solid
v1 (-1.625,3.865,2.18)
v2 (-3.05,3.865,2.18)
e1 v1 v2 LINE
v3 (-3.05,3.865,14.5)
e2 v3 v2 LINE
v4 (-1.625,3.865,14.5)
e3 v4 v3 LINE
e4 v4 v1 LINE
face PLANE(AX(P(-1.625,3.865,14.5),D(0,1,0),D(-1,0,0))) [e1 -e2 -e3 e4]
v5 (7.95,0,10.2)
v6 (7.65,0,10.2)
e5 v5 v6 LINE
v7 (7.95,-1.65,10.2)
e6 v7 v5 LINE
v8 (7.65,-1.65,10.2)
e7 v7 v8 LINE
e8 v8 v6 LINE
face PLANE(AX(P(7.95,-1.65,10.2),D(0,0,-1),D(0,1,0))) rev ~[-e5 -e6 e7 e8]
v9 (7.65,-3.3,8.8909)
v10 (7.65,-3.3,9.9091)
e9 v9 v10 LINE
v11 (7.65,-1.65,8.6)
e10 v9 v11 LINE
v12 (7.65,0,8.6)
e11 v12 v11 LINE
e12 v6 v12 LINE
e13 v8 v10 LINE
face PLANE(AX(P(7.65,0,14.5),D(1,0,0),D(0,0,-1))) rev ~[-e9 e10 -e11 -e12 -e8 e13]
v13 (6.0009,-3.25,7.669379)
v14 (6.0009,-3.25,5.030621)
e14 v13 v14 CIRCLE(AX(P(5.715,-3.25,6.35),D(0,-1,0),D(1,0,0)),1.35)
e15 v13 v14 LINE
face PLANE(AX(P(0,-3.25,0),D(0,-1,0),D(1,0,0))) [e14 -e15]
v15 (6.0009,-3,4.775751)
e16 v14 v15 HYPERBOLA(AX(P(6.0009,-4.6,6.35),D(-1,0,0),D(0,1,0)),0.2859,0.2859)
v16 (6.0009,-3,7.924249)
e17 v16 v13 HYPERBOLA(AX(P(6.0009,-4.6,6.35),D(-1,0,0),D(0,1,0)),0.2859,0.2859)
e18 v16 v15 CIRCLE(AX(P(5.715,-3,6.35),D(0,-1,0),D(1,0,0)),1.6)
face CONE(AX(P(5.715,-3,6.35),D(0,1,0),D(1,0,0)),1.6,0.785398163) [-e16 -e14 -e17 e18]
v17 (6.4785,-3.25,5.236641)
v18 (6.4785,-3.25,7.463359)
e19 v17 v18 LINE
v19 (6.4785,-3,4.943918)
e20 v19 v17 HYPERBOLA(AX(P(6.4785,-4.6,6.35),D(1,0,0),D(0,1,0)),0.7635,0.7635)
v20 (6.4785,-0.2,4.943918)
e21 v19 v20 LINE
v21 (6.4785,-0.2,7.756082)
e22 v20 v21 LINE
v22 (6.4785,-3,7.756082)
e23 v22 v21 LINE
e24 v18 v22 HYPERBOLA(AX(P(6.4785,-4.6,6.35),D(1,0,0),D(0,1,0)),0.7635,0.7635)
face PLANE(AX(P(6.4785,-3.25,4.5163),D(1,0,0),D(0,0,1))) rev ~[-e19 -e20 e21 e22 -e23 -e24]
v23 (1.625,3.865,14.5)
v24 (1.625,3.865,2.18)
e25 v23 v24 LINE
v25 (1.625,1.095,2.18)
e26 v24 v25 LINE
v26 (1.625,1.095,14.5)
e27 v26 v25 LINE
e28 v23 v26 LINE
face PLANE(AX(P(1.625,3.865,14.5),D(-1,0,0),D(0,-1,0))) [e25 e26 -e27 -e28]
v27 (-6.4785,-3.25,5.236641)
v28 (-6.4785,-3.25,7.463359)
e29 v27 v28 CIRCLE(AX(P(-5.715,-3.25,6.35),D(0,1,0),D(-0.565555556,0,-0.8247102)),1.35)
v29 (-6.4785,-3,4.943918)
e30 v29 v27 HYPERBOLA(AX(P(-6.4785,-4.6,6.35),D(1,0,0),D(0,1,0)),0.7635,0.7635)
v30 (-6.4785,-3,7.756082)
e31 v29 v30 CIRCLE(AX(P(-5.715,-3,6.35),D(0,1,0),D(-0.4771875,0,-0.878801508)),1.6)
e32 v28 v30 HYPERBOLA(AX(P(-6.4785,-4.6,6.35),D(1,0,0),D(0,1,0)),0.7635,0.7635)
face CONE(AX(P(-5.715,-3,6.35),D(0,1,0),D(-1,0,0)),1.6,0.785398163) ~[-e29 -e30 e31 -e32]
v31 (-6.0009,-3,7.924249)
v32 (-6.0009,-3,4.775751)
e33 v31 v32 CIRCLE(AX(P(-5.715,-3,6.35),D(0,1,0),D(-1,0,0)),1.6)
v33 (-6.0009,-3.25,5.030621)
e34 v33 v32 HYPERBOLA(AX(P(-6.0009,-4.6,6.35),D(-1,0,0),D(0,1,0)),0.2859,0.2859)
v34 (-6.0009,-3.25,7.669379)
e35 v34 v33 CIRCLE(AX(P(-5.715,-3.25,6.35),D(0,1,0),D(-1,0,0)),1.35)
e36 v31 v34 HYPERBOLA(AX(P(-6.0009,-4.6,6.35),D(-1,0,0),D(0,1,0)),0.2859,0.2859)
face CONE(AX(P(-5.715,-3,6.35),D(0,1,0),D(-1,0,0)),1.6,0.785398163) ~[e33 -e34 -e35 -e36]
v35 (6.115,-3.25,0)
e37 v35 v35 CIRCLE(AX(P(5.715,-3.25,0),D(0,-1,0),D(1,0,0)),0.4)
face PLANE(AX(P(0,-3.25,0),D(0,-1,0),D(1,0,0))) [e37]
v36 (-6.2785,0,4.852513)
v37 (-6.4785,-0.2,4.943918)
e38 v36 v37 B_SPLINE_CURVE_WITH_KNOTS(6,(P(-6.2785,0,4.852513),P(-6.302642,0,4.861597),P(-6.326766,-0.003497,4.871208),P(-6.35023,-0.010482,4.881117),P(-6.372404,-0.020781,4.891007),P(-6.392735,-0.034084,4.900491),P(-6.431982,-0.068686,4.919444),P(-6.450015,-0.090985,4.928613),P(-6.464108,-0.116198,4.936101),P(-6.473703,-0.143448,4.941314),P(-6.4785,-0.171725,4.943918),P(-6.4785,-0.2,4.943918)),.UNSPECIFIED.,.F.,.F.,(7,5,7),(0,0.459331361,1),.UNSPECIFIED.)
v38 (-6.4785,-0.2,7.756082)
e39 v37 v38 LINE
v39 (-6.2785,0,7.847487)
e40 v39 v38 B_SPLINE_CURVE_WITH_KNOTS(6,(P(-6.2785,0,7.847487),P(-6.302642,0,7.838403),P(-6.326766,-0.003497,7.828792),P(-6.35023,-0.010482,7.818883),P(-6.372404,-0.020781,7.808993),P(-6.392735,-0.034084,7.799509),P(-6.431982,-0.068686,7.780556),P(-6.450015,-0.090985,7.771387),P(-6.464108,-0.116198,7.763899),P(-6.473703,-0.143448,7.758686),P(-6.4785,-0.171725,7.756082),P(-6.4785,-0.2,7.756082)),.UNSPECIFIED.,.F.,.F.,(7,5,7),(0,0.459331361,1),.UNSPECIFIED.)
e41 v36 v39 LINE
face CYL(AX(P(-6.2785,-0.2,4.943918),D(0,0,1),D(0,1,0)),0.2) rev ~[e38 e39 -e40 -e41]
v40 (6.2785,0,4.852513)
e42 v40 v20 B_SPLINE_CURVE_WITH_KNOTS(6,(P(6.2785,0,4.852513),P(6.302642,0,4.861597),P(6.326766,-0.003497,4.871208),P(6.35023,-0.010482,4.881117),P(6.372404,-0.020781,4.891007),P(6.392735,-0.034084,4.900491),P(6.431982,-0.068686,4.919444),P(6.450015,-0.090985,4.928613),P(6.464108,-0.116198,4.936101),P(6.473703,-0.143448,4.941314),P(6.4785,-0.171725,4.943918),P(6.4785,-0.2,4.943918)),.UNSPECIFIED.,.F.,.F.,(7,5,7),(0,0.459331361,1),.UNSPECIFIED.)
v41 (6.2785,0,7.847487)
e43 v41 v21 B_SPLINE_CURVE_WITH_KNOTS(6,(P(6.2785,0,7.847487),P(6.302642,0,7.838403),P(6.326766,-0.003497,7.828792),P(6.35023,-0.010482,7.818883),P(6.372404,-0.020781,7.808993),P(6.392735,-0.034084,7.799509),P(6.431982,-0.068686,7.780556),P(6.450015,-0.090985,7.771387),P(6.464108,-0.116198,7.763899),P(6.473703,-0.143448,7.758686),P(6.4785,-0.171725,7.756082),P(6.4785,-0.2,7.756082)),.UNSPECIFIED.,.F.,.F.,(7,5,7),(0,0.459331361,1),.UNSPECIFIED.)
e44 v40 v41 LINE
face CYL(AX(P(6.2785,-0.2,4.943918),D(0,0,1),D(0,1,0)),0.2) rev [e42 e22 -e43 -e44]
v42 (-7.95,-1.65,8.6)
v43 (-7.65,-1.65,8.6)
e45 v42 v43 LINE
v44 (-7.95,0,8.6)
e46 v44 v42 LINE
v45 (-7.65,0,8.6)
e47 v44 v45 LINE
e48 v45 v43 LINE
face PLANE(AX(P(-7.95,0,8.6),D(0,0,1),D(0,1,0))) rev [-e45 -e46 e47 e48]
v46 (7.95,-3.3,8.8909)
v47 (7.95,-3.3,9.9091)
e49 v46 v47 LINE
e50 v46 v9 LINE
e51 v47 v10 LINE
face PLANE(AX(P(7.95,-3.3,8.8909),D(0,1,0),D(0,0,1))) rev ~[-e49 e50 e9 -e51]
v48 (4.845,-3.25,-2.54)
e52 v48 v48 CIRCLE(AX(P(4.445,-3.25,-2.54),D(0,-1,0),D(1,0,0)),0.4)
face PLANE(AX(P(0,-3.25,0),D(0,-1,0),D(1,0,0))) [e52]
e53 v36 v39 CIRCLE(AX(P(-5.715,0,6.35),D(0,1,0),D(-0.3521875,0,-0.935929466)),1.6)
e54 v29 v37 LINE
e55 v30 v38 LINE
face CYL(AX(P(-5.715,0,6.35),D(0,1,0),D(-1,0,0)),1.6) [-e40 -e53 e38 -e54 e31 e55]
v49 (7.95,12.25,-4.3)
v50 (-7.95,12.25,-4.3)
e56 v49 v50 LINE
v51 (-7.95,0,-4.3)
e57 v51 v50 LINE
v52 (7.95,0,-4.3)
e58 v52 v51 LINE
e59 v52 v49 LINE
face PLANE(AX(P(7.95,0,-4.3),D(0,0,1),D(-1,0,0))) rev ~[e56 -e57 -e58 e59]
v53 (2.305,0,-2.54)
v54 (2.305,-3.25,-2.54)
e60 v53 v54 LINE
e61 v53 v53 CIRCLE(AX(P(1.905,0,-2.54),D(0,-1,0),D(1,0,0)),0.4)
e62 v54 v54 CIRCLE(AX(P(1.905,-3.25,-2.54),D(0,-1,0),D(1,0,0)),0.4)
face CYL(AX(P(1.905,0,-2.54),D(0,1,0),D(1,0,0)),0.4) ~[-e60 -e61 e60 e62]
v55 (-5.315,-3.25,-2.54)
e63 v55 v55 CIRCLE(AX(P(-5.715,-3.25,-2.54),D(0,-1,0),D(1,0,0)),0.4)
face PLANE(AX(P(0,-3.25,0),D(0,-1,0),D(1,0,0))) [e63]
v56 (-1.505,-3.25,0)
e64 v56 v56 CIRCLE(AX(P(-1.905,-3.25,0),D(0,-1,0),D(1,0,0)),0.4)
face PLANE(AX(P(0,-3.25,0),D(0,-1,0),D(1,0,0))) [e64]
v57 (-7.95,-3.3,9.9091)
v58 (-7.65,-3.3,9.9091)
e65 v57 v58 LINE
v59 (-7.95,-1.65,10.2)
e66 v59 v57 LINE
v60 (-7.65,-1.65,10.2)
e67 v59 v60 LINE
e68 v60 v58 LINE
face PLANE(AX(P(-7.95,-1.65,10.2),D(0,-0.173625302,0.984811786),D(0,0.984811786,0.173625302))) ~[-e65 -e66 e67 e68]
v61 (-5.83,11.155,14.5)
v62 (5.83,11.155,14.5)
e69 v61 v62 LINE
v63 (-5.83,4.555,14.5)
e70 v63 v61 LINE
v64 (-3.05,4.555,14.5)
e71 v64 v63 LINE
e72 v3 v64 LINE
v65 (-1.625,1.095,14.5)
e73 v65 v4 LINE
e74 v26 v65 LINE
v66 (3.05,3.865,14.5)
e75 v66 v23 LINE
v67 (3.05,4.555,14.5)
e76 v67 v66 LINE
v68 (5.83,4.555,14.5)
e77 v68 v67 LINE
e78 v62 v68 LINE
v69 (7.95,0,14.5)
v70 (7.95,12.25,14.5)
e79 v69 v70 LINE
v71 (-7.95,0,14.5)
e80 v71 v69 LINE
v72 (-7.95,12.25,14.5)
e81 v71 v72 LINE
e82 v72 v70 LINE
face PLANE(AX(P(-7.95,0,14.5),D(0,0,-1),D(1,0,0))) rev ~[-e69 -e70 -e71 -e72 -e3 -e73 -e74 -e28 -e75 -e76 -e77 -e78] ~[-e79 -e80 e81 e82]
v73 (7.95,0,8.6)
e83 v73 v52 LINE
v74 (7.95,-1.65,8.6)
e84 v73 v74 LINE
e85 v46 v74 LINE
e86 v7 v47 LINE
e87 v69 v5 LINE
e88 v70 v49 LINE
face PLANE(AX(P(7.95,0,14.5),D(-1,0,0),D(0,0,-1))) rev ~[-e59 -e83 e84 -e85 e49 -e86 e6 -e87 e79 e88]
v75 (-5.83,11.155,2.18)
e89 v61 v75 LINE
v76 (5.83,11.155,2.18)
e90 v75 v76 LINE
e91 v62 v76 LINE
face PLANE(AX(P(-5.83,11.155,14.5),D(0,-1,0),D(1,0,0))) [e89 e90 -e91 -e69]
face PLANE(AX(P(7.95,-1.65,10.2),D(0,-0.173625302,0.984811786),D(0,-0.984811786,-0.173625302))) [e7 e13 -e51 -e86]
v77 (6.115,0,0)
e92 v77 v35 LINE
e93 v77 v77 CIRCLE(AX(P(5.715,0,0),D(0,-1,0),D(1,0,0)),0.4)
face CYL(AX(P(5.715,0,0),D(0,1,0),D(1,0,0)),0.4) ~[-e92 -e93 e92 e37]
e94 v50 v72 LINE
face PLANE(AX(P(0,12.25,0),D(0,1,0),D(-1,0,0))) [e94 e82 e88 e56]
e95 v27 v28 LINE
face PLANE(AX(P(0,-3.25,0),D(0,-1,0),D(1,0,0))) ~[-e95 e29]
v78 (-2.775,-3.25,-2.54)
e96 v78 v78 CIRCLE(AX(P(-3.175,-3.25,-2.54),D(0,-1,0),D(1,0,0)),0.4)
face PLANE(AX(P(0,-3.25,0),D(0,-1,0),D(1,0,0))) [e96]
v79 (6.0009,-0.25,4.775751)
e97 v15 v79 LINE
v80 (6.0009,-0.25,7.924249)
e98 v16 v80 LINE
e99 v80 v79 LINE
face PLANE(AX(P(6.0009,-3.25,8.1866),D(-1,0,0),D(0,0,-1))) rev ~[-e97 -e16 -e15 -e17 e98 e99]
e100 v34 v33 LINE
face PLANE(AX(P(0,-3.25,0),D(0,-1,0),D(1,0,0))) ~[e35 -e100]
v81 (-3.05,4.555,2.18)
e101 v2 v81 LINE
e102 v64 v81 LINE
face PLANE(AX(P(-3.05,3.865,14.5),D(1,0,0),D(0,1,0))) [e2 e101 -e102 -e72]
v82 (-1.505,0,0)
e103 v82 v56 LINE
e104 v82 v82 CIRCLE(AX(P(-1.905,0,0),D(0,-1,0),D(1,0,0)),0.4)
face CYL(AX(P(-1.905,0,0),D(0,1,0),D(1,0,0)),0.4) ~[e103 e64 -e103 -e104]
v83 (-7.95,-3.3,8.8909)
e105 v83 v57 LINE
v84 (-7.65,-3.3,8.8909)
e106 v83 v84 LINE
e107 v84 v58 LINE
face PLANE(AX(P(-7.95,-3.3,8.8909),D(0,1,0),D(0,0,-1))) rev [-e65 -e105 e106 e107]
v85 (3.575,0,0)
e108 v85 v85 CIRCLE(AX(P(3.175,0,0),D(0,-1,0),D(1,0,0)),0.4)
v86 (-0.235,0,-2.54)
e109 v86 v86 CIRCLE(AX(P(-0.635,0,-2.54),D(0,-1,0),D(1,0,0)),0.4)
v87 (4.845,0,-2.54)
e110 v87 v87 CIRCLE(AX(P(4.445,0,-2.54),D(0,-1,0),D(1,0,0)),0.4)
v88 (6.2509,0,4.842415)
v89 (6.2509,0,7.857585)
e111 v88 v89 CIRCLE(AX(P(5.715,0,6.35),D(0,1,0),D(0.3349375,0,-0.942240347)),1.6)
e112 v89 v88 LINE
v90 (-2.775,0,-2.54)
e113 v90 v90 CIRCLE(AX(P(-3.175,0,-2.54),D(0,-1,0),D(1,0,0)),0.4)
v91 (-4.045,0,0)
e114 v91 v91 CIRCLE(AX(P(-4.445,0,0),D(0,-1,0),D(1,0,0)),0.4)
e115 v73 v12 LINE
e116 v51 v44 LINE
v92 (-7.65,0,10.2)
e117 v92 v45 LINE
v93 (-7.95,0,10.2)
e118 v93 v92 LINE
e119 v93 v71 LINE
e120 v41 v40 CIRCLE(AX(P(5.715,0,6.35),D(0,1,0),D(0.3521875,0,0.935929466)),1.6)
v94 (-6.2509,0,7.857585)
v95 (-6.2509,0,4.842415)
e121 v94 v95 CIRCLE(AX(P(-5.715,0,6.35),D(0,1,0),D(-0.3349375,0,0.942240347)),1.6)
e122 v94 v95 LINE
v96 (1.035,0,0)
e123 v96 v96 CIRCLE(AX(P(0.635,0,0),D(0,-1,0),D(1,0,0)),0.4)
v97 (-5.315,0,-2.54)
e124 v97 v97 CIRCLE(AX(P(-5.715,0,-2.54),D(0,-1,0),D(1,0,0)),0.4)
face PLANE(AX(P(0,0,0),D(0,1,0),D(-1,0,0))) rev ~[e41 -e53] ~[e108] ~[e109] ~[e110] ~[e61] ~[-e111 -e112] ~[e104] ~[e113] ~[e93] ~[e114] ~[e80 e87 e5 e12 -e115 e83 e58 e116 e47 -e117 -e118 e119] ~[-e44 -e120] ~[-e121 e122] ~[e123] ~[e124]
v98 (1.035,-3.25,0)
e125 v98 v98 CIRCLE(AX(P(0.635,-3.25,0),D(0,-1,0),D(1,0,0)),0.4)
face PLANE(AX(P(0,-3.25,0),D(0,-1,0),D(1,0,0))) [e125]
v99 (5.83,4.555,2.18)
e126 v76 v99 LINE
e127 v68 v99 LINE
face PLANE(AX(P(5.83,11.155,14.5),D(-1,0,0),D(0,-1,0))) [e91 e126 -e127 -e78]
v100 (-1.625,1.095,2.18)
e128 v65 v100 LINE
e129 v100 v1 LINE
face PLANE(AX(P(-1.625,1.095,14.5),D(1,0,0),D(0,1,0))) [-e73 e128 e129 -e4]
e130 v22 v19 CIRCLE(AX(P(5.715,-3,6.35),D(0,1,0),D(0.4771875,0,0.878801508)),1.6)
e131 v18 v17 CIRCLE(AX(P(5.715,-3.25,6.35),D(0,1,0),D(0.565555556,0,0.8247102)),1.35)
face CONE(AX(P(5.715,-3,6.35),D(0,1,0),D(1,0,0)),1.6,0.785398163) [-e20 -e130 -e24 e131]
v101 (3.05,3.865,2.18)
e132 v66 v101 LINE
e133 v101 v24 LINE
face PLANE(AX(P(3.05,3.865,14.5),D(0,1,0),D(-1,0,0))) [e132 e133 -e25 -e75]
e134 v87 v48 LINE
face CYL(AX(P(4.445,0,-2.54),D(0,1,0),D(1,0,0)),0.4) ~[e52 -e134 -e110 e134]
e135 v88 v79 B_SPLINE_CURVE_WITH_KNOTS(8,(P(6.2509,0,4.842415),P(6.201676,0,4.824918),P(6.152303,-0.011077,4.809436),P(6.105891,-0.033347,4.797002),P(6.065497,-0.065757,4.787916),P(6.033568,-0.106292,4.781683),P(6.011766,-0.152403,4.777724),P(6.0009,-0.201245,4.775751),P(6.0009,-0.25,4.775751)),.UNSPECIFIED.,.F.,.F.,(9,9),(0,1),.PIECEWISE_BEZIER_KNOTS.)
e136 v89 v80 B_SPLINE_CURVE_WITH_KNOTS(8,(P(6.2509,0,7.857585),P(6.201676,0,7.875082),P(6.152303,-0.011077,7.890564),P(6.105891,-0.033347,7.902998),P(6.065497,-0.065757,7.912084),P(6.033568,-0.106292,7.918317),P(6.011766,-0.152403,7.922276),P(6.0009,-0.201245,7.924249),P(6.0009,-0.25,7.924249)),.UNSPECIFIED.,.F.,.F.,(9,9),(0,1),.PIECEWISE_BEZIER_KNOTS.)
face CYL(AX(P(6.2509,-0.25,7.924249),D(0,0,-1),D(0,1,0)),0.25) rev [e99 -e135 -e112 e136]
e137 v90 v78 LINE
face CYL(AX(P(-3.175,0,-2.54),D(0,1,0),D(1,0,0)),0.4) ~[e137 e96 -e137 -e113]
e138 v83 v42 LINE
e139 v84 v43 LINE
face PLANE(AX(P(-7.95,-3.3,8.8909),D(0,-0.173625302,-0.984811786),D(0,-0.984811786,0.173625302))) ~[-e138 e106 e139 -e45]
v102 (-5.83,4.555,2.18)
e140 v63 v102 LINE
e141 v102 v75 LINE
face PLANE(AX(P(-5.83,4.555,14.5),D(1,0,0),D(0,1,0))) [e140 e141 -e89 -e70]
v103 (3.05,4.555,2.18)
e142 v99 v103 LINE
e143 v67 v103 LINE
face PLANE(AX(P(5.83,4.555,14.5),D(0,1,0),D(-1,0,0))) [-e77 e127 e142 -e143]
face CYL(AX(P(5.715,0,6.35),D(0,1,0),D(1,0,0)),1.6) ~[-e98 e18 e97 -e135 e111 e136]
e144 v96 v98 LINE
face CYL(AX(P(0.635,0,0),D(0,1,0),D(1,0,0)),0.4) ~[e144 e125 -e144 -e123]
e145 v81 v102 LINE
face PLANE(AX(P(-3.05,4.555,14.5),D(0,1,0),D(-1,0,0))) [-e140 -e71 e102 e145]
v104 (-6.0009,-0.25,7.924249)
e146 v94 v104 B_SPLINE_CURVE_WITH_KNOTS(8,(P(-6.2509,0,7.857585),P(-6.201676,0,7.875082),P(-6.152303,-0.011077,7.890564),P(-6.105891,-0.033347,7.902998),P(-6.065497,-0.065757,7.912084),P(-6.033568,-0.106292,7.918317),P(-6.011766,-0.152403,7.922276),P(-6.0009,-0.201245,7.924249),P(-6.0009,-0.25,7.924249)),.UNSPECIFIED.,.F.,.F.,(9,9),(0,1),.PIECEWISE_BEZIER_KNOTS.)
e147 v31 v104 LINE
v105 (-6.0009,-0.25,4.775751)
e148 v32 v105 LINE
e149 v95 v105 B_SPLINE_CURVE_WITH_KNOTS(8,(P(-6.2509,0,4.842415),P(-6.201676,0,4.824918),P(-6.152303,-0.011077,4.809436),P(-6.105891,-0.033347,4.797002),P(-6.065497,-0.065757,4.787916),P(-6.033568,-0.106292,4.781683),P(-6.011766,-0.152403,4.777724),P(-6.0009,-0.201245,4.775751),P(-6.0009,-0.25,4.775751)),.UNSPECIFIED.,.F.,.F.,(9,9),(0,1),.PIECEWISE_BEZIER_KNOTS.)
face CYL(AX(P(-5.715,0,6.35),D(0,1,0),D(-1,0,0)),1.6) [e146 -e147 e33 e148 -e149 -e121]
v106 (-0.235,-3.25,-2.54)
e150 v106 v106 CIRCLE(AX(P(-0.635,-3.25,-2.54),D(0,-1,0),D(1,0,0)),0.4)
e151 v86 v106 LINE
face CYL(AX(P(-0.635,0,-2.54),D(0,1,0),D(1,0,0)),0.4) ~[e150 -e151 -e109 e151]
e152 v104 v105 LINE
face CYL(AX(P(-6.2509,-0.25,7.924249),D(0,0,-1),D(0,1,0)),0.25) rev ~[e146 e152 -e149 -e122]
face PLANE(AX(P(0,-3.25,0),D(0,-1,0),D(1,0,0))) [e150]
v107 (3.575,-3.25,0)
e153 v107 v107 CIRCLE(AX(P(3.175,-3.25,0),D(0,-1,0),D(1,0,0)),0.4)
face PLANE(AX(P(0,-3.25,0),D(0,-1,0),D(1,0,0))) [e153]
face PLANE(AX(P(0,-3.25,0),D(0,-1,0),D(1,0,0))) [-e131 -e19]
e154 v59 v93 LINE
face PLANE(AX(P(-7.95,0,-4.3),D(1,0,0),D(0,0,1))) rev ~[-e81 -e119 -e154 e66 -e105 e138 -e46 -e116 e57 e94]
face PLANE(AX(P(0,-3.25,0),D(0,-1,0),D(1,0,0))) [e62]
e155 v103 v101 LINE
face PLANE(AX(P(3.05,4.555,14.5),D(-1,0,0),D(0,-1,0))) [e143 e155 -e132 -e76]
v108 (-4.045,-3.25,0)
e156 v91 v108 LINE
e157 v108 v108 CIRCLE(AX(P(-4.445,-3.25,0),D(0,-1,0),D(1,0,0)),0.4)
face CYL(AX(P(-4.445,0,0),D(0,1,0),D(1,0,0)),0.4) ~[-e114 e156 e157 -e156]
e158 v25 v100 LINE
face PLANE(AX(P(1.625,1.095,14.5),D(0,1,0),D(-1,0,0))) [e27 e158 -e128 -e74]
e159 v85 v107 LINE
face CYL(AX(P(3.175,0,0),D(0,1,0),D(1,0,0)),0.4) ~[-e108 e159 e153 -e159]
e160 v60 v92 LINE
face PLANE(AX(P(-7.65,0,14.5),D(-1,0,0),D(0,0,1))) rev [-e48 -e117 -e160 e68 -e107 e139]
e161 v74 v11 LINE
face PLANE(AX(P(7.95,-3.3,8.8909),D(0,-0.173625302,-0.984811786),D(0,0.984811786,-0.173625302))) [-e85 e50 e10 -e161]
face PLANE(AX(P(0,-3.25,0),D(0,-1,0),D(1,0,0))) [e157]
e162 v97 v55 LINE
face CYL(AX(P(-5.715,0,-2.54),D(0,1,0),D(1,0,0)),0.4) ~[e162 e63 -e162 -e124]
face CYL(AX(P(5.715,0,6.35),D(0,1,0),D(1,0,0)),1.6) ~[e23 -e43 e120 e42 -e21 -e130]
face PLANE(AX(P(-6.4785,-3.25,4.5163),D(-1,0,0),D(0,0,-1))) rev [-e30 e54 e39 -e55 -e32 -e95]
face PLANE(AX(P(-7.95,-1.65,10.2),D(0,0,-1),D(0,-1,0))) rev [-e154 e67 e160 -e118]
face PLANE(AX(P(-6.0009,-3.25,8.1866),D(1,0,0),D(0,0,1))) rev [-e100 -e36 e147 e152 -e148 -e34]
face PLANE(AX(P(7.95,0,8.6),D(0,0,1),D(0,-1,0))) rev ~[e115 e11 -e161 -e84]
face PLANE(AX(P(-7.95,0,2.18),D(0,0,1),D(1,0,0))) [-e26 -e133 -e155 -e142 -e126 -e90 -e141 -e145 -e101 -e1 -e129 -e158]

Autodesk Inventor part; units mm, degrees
ref_plane "YZ Plane" through (0, 0, 0) normal (1, 0, 0) x (0, 1, 0)
ref_plane "XZ Plane" through (0, 0, 0) normal (0, 1, 0) x (-1, 0, 0)
ref_plane "XY Plane" through (0, 0, 0) normal (0, 0, 1) x (1, 0, 0)
sketch "Sketch1" plane through (0, 0, 0) normal (0, 1, 0) x (-1, 0, 0)
  line L0 (7.95, 14.5) -> (-7.95, 14.5)
  line L1 (-7.95, 14.5) -> (-7.95, -4.3)
  line L2 (-7.95, -4.3) -> (7.95, -4.3)
  line L3 (7.95, -4.3) -> (7.95, 14.5)
  point P0 (0, 0)
  dimension "d0" = 18.8
  dimension "d1" = 15.9
  dimension "d2" = 7.95
  dimension "d5" = 14.5
extrude "Extrusion1" add sketch "Sketch1" along normal blind 12.25
sketch "Sketch2" plane through (-7.95, 0, 14.5) normal (0, 0, 1) x (1, 0, 0)
  line L0 (2.12, 11.155) -> (13.78, 11.155)
  line L1 (13.78, 11.155) -> (13.78, 4.555)
  line L2 (13.78, 4.555) -> (2.12, 4.555)
  line L3 (2.12, 4.555) -> (2.12, 11.155)
  line L4 (4.9, 4.555) -> (11, 4.555)
  line L5 (11, 4.555) -> (11, 3.865)
  line L6 (11, 3.865) -> (4.9, 3.865)
  line L7 (4.9, 3.865) -> (4.9, 4.555)
  line L8 (6.325, 3.865) -> (9.575, 3.865)
  line L9 (9.575, 3.865) -> (9.575, 1.095)
  line L10 (9.575, 1.095) -> (6.325, 1.095)
  line L11 (6.325, 1.095) -> (6.325, 3.865)
  line L12 (0, 12.25) -> (15.9, 12.25) projected
  point P0 (7.95, 0)
  dimension "d6" = 11.66
  dimension "d7" = 5.83
  dimension "d8" = 6.1
  dimension "d9" = 3.05
  dimension "d10" = 3.25
  dimension "d11" = 1.625
  dimension "d12" = 7.29
  dimension "d13" = 2.77
  dimension "d14" = 6.6
  dimension "d16" = 1.095
extrude "Extrusion2" cut sketch "Sketch2" against normal blind 12.32
sketch "Sketch3" plane through (7.95, 0, 14.5) normal (1, 0, 0) x (0, 0, -1)
  line L0 (4.3, 0) -> (5.9, 0)
  line L1 (5.9, 0) -> (5.9, -3.3)
  line L2 (5.9, -3.3) -> (4.3, -3.3)
  line L3 (4.3, -3.3) -> (4.3, 0)
  line L4 (0, 0) -> (0, 12.25) projected
  line L5 (4.3, -1.65) -> (4.5909, -3.3)
  line L6 (5.6091, -3.3) -> (5.9, -1.65)
  line L7 (0, 0) -> (18.8, 0) projected
  point P0 (14.5, 0)
  dimension "d19" = 3.3
  dimension "d20" = 1.6
  dimension "d21" = 4.3
  dimension "d22" = 10
  dimension "d23" = 10
  dimension "d24" = 1.65
  dimension "d25" = 0
extrude "Extrusion3" add sketch "Sketch3" against normal blind 0.3 contours L0 L1 L6 L2 L5 L3
mirror "Mirror1" about plane through (0, 0, 0) normal (1, 0, 0) of "Extrusion3"
sketch "Sketch4" plane through (0, 0, 0) normal (0, -1, 0) x (1, 0, 0)
  circle A0 centre (5.715, 6.35) radius 1.6
  line L0 (-7.95, 14.5) -> (7.95, 14.5) projected
  point P0 (0, 0)
  dimension "d28" = 3.2
  dimension "d29" = 8.15
  dimension "d30" = 5.715
extrude "Extrusion4" add sketch "Sketch4" along normal blind 3.25
chamfer "Chamfer1" distance 0.25 angle 45 1 edges at (4.115, -3.25, 6.35)
sketch "Sketch5" plane through (5.715, -3.25, 6.35) normal (0, -1, 0) x (1, 0, 0)
  line L0 (0.7635, 1.8366) -> (0.2859, 1.8366)
  line L1 (0.2859, 1.8366) -> (0.2859, -1.8337)
  line L2 (0.2859, -1.8337) -> (0.7635, -1.8337)
  line L3 (0.7635, -1.8337) -> (0.7635, 1.8366)
  point P0 (-5.715, -6.35)
extrude "Extrusion5" cut sketch "Sketch5" against normal blind 3.25
fillet "Fillet1" radius 0.25 1 edges at (6.0009, 0, 6.35)
fillet "Fillet2" radius 0.2 1 edges at (6.4785, 0, 6.35)
mirror "Mirror2" about plane through (0, 0, 0) normal (1, 0, 0) of "Extrusion4", "Chamfer1", "Extrusion5", "Fillet1", "Fillet2"
sketch "Sketch6" plane through (0, 0, 0) normal (0, -1, 0) x (1, 0, 0)
  line L0 (3.8973, 0) -> (-6.9227, 0) construction
  line L1 (4.2984, -2.54) -> (-6.5216, -2.54) construction
  circle A0 centre (0.635, 0) radius 0.4
  circle A1 centre (-0.635, -2.54) radius 0.4
  circle A2 centre (-3.175, -2.54) radius 0.4
  circle A3 centre (-5.715, -2.54) radius 0.4
  circle A4 centre (1.905, -2.54) radius 0.4
  circle A5 centre (-0.635, -2.54) radius 0.4
  circle A6 centre (-3.175, -2.54) radius 0.4
  circle A7 centre (4.445, -2.54) radius 0.4
  circle A8 centre (1.905, -2.54) radius 0.4
  circle A9 centre (-0.635, -2.54) radius 0.4
  circle A10 centre (-1.905, 0) radius 0.4
  circle A11 centre (-4.445, 0) radius 0.4
  circle A12 centre (3.175, 0) radius 0.4
  circle A13 centre (0.635, 0) radius 0.4
  circle A14 centre (-1.905, 0) radius 0.4
  circle A15 centre (5.715, 0) radius 0.4
  circle A16 centre (3.175, 0) radius 0.4
  circle A17 centre (0.635, 0) radius 0.4
  point P0 (0, 0)
  dimension "d40" = 2.54
  dimension "d41" = 0
  dimension "d45" = 0.8
  dimension "d46" = 0.8
  dimension "d49" = 2.54
  dimension "d52" = 2.54
  dimension "d57" = 2.54
  dimension "d60" = 2.54
  dimension "d63" = 0.635
  dimension "d64" = 0.635
extrude "Extrusion6" add sketch "Sketch6" along normal blind 3.25
properties part number "RJE051AA1310"
